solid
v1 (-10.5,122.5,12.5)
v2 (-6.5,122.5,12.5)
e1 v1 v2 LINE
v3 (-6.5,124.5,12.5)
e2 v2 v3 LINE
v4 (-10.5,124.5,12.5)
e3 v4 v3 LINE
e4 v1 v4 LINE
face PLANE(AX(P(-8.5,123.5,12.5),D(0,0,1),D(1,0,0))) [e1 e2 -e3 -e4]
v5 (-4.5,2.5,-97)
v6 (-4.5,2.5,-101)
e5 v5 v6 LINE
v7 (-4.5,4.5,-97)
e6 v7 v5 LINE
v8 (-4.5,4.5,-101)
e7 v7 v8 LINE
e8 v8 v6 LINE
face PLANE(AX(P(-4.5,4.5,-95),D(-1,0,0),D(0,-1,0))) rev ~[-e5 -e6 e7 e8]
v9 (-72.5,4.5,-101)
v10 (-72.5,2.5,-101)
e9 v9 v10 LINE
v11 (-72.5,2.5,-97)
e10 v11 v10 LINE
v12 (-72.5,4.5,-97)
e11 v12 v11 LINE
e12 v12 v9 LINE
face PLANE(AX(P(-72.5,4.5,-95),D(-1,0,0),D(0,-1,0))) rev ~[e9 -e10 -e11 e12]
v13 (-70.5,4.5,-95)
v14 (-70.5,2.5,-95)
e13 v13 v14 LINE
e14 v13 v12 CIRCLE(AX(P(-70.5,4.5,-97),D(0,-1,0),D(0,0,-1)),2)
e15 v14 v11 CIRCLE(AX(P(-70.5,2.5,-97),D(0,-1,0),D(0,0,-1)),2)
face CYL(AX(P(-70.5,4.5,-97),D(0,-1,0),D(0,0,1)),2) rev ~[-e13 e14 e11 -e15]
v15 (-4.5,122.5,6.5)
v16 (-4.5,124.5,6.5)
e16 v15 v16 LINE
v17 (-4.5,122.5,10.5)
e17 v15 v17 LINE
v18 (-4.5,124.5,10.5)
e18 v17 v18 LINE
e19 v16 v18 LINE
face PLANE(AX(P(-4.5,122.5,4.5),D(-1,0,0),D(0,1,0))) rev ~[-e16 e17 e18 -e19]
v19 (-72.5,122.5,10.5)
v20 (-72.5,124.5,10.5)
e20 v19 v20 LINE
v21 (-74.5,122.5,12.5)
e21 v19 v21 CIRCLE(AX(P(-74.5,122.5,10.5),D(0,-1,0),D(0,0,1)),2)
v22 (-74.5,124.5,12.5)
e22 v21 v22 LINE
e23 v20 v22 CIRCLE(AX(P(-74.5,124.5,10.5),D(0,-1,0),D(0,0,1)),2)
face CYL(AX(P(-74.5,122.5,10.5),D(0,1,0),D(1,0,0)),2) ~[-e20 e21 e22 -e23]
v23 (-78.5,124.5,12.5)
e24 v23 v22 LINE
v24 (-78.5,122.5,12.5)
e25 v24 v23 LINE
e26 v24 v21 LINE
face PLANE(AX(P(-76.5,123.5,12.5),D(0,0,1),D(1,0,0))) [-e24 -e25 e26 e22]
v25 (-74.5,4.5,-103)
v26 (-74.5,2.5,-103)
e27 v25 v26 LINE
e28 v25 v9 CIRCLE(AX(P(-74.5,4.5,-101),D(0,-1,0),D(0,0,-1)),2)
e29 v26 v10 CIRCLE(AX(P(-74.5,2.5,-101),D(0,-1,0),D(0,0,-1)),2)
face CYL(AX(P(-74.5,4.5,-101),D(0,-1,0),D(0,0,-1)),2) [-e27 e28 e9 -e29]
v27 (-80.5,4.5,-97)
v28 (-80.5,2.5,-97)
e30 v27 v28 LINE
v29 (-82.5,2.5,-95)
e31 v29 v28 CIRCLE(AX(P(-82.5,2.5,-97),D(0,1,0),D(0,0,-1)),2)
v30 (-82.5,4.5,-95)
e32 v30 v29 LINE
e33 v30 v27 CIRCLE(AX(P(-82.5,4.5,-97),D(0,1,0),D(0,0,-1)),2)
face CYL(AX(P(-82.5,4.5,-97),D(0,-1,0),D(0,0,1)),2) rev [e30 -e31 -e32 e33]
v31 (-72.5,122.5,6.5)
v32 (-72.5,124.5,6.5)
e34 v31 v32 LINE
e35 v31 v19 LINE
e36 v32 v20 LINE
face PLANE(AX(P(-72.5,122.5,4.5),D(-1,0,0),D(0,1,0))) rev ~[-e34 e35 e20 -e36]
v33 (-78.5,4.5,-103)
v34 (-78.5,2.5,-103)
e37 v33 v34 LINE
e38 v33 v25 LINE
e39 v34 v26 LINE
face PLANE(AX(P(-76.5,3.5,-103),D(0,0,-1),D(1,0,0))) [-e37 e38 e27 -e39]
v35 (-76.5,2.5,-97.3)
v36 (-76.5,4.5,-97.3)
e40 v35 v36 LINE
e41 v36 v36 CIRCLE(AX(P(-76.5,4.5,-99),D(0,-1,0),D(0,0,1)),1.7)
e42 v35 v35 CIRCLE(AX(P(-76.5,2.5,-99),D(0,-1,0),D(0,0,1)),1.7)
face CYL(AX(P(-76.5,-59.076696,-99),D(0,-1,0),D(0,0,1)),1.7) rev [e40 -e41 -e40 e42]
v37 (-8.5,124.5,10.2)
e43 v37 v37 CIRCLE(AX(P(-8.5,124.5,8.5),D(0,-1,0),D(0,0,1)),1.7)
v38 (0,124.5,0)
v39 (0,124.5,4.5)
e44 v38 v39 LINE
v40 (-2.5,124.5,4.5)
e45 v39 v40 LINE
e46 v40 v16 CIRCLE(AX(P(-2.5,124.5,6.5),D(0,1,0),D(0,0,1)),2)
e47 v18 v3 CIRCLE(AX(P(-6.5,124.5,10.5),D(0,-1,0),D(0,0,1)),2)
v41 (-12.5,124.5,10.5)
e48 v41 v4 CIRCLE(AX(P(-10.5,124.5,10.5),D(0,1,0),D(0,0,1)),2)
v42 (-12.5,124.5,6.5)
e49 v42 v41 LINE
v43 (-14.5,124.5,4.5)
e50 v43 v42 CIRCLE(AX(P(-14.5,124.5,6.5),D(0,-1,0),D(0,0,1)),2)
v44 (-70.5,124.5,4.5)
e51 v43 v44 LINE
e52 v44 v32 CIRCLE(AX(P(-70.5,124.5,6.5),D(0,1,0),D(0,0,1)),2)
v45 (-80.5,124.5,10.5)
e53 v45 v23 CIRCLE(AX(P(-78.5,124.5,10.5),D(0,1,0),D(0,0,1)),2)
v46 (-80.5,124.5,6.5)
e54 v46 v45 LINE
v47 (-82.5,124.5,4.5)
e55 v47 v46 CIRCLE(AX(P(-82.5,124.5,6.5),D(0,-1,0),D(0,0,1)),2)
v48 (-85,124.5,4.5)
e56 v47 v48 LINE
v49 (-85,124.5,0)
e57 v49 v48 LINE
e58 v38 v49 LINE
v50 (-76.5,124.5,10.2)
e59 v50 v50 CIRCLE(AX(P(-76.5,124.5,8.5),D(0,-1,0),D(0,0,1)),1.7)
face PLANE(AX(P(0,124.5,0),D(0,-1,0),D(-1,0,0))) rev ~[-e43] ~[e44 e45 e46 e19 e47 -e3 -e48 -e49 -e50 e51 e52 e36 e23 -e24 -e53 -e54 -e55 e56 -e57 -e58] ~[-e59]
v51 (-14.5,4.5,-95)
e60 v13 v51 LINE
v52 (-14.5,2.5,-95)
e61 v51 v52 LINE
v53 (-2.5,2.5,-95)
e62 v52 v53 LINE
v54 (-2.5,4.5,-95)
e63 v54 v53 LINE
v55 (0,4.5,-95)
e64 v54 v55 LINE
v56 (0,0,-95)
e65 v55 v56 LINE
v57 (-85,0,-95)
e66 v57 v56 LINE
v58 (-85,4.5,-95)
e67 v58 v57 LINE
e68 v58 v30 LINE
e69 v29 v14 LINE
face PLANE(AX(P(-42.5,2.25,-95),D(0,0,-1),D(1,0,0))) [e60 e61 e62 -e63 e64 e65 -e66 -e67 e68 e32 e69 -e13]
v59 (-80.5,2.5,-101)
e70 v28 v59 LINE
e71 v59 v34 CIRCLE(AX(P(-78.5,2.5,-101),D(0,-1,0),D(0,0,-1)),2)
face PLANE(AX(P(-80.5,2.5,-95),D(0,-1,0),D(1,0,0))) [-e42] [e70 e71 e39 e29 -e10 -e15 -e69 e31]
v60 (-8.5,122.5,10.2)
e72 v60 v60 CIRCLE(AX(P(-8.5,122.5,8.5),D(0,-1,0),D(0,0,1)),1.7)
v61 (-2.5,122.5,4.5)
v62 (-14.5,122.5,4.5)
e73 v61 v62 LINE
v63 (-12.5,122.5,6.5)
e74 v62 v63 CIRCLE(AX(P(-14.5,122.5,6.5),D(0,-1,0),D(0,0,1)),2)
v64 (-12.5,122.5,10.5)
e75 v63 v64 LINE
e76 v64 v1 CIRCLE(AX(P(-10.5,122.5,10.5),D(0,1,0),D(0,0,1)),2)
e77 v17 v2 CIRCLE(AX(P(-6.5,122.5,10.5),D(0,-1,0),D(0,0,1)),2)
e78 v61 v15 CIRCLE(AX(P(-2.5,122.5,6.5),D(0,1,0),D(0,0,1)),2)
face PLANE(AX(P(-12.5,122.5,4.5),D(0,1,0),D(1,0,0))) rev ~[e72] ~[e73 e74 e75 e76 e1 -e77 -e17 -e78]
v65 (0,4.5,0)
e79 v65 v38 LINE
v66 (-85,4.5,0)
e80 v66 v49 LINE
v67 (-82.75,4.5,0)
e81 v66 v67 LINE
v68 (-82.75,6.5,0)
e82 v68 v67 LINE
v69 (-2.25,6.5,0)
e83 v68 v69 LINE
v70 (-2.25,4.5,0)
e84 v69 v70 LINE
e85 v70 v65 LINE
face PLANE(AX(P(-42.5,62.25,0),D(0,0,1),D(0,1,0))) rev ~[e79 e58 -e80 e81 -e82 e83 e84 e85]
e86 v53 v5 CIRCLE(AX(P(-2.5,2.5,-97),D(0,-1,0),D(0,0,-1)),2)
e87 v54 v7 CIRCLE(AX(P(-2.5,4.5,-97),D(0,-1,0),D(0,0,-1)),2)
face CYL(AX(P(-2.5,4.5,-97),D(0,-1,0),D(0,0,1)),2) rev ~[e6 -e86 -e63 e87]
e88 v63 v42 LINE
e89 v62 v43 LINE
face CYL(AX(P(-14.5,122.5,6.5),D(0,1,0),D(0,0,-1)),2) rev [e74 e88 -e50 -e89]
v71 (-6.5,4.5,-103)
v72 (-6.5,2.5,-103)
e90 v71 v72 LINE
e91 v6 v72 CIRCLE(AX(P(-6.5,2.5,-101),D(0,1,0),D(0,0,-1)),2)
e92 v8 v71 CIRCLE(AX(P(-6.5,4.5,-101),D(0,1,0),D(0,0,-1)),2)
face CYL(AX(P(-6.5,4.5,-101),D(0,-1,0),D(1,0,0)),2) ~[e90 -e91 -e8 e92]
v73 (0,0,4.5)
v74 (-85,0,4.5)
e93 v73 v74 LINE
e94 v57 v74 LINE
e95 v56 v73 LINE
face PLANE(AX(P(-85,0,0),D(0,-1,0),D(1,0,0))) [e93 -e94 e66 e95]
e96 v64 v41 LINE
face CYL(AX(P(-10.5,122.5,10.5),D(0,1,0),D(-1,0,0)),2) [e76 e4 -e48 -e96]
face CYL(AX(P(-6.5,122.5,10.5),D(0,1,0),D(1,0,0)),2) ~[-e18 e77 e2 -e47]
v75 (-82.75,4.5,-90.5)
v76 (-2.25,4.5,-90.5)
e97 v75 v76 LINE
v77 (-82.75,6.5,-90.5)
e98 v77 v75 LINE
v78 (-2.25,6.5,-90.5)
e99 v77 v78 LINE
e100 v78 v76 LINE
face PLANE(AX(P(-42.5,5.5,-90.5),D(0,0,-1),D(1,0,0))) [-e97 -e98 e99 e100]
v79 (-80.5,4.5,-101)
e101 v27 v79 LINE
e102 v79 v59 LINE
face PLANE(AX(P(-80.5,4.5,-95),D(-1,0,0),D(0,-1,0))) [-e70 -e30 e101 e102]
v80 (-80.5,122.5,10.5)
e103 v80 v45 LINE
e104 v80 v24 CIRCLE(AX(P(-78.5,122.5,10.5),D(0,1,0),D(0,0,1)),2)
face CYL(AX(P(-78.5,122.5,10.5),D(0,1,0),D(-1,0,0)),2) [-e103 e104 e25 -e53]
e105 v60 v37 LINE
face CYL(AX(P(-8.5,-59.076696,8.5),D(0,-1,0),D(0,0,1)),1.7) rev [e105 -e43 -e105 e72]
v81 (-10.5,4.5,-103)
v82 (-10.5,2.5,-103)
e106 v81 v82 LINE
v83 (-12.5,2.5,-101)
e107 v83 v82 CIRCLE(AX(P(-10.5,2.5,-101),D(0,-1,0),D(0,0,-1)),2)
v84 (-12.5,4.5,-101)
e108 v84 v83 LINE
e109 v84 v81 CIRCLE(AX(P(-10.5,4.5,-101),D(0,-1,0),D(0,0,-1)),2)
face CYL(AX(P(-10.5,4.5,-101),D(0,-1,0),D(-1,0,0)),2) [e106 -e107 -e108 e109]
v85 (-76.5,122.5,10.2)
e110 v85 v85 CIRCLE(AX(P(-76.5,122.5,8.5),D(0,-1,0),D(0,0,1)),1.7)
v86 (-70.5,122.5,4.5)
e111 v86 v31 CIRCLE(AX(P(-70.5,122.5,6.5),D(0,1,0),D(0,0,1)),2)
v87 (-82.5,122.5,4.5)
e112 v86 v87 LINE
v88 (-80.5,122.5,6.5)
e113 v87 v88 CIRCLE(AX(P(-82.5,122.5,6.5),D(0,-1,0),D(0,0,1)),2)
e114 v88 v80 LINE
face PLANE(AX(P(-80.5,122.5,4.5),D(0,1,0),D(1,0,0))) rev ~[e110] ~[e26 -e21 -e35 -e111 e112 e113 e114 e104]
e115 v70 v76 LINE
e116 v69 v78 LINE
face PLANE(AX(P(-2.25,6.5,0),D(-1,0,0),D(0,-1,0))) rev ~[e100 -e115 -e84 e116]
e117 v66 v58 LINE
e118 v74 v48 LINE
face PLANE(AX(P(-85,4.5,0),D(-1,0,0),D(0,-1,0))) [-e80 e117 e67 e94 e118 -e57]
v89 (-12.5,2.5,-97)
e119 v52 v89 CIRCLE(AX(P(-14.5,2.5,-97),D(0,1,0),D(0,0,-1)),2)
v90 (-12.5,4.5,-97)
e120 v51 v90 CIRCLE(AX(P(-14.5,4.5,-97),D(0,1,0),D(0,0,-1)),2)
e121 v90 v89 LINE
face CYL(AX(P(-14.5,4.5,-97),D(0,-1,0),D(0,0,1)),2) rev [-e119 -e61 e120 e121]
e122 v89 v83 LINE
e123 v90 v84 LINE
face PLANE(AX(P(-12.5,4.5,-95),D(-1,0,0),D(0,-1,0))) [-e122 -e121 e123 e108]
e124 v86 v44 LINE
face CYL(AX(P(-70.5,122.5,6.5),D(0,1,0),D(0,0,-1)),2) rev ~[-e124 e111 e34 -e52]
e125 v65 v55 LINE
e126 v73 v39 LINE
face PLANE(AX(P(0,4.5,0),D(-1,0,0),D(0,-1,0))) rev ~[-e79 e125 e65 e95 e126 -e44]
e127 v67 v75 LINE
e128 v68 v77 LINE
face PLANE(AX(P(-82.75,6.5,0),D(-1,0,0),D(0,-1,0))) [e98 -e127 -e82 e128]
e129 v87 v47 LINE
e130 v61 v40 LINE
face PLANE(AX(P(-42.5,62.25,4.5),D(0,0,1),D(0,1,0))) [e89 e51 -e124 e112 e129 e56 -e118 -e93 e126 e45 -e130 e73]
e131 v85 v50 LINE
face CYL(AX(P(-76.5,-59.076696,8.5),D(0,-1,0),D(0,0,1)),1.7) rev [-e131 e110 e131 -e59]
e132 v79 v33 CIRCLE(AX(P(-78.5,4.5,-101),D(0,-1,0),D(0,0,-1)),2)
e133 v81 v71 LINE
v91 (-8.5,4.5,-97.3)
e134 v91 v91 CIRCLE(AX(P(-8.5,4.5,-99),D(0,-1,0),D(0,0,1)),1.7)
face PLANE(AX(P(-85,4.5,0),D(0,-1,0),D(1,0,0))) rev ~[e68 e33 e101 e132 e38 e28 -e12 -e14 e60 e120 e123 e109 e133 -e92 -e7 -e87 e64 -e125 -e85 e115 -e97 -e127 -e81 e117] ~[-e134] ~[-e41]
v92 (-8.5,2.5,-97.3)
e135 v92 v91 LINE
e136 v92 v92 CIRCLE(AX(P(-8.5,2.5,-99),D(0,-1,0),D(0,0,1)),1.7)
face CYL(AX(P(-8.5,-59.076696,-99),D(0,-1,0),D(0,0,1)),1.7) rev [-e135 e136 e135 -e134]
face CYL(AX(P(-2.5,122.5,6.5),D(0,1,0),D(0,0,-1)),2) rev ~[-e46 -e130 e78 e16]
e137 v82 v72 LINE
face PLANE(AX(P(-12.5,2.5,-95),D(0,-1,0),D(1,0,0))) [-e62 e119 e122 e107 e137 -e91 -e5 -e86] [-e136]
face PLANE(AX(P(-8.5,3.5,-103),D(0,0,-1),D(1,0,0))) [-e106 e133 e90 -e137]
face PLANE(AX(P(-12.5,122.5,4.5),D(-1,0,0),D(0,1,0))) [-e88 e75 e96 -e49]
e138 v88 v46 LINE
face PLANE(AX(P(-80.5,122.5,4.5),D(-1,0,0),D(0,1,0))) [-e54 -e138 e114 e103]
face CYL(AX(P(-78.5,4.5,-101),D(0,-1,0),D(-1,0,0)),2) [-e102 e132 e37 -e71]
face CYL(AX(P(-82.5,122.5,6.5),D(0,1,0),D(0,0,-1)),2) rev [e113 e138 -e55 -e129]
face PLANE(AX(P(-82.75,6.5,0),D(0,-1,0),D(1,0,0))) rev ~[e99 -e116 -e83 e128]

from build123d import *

# Parameters (mm, degrees)
SKETCH1_W               = 124.5
SKETCH1_H               = 85
BOSS_EXTRUDE1_DEPTH     = 4.5
SKETCH2_W               = 85
SKETCH2_H               = 4.5
BOSS_EXTRUDE2_DEPTH     = 95
SKETCH3_W               = 80.5
SKETCH3_H               = 2
BOSS_EXTRUDE3_DEPTH     = 90.5
SKETCH4_W               = 8
SKETCH4_H               = 2
BOSS_EXTRUDE4_DEPTH     = 8
SKETCH5_W               = 8
SKETCH5_H               = 2
BOSS_EXTRUDE5_DEPTH     = 8
CUT_EXTRUDE1_DEPTH      = 183.576696213
CUT_EXTRUDE1_DEPTH_BACK = 183.576696213
SKETCH6_R               = 1.7
FILLET1_R               = 2


with BuildPart() as part:
    # Sketch1 → Boss-Extrude1 (new body)
    with BuildSketch(Plane(origin=(0, 0, 0), x_dir=(0, 1, 0), z_dir=(0, 0, 1))):
        with Locations((62.25, 42.5)):
            Rectangle(SKETCH1_W, SKETCH1_H)
    extrude(amount=BOSS_EXTRUDE1_DEPTH)

    # Sketch2 → Boss-Extrude2 (add)
    with BuildSketch(Plane(origin=(0, 0, 0), x_dir=(1, 0, 0), z_dir=(0, 0, -1))):
        with Locations((-42.5, -2.25)):
            Rectangle(SKETCH2_W, SKETCH2_H)
    extrude(amount=BOSS_EXTRUDE2_DEPTH)

    # Sketch3 → Boss-Extrude3 (add)
    with BuildSketch(Plane(origin=(0, 0, 0), x_dir=(1, 0, 0), z_dir=(0, 0, -1))):
        with Locations((-42.5, -5.5)):
            Rectangle(SKETCH3_W, SKETCH3_H)
    extrude(amount=BOSS_EXTRUDE3_DEPTH)

    # Sketch4 → Boss-Extrude4 (add)
    with BuildSketch(Plane.XY.offset(4.5)):
        with Locations((-76.5, 123.5)):
            Rectangle(SKETCH4_W, SKETCH4_H)
        with Locations((-8.5, 123.5)):
            Rectangle(SKETCH4_W, SKETCH4_H)
    extrude(amount=BOSS_EXTRUDE4_DEPTH)

    # Sketch5 → Boss-Extrude5 (add)
    with BuildSketch(Plane(origin=(0, 0, -95), x_dir=(1, 0, 0), z_dir=(0, 0, -1))):
        with Locations((-76.5, -3.5)):
            Rectangle(SKETCH5_W, SKETCH5_H)
        with Locations((-8.5, -3.5)):
            Rectangle(SKETCH5_W, SKETCH5_H)
    extrude(amount=BOSS_EXTRUDE5_DEPTH)

    # Sketch6 → Cut-Extrude1 (cut, two sides: drawn at the far end of the back side and taken through both)
    with BuildSketch(Plane(origin=(0, 124.5, 0), x_dir=(-1, 0, 0), z_dir=(0, 1, 0)).offset(-CUT_EXTRUDE1_DEPTH_BACK)):
        with Locations(Location((8.5, 8.5, 0), (0, 0, 90))):
            Circle(SKETCH6_R)
        with Locations(Location((76.5, 8.5, 0), (0, 0, 90))):
            Circle(SKETCH6_R)
        with Locations(Location((76.5, -99, 0), (0, 0, 90))):
            Circle(SKETCH6_R)
        with Locations(Location((8.5, -99, 0), (0, 0, 90))):
            Circle(SKETCH6_R)
    extrude(amount=CUT_EXTRUDE1_DEPTH + CUT_EXTRUDE1_DEPTH_BACK, mode=Mode.SUBTRACT)

    # Fillet1
    fillet1_edges = [part.edges().sort_by_distance(p)[0] for p in [
        (-80.5, 123.5, 4.5),
        (-72.5, 123.5, 4.5),
        (-80.5, 123.5, 12.5),
        (-72.5, 123.5, 12.5),
        (-4.5, 123.5, 4.5),
        (-12.5, 123.5, 4.5),
        (-4.5, 123.5, 12.5),
        (-12.5, 123.5, 12.5),
        (-80.5, 3.5, -95),
        (-72.5, 3.5, -95),
        (-80.5, 3.5, -103),
        (-72.5, 3.5, -103),
        (-4.5, 3.5, -95),
        (-12.5, 3.5, -95),
        (-4.5, 3.5, -103),
        (-12.5, 3.5, -103),
    ]]
    fillet(fillet1_edges, radius=FILLET1_R)


solid = part.part
